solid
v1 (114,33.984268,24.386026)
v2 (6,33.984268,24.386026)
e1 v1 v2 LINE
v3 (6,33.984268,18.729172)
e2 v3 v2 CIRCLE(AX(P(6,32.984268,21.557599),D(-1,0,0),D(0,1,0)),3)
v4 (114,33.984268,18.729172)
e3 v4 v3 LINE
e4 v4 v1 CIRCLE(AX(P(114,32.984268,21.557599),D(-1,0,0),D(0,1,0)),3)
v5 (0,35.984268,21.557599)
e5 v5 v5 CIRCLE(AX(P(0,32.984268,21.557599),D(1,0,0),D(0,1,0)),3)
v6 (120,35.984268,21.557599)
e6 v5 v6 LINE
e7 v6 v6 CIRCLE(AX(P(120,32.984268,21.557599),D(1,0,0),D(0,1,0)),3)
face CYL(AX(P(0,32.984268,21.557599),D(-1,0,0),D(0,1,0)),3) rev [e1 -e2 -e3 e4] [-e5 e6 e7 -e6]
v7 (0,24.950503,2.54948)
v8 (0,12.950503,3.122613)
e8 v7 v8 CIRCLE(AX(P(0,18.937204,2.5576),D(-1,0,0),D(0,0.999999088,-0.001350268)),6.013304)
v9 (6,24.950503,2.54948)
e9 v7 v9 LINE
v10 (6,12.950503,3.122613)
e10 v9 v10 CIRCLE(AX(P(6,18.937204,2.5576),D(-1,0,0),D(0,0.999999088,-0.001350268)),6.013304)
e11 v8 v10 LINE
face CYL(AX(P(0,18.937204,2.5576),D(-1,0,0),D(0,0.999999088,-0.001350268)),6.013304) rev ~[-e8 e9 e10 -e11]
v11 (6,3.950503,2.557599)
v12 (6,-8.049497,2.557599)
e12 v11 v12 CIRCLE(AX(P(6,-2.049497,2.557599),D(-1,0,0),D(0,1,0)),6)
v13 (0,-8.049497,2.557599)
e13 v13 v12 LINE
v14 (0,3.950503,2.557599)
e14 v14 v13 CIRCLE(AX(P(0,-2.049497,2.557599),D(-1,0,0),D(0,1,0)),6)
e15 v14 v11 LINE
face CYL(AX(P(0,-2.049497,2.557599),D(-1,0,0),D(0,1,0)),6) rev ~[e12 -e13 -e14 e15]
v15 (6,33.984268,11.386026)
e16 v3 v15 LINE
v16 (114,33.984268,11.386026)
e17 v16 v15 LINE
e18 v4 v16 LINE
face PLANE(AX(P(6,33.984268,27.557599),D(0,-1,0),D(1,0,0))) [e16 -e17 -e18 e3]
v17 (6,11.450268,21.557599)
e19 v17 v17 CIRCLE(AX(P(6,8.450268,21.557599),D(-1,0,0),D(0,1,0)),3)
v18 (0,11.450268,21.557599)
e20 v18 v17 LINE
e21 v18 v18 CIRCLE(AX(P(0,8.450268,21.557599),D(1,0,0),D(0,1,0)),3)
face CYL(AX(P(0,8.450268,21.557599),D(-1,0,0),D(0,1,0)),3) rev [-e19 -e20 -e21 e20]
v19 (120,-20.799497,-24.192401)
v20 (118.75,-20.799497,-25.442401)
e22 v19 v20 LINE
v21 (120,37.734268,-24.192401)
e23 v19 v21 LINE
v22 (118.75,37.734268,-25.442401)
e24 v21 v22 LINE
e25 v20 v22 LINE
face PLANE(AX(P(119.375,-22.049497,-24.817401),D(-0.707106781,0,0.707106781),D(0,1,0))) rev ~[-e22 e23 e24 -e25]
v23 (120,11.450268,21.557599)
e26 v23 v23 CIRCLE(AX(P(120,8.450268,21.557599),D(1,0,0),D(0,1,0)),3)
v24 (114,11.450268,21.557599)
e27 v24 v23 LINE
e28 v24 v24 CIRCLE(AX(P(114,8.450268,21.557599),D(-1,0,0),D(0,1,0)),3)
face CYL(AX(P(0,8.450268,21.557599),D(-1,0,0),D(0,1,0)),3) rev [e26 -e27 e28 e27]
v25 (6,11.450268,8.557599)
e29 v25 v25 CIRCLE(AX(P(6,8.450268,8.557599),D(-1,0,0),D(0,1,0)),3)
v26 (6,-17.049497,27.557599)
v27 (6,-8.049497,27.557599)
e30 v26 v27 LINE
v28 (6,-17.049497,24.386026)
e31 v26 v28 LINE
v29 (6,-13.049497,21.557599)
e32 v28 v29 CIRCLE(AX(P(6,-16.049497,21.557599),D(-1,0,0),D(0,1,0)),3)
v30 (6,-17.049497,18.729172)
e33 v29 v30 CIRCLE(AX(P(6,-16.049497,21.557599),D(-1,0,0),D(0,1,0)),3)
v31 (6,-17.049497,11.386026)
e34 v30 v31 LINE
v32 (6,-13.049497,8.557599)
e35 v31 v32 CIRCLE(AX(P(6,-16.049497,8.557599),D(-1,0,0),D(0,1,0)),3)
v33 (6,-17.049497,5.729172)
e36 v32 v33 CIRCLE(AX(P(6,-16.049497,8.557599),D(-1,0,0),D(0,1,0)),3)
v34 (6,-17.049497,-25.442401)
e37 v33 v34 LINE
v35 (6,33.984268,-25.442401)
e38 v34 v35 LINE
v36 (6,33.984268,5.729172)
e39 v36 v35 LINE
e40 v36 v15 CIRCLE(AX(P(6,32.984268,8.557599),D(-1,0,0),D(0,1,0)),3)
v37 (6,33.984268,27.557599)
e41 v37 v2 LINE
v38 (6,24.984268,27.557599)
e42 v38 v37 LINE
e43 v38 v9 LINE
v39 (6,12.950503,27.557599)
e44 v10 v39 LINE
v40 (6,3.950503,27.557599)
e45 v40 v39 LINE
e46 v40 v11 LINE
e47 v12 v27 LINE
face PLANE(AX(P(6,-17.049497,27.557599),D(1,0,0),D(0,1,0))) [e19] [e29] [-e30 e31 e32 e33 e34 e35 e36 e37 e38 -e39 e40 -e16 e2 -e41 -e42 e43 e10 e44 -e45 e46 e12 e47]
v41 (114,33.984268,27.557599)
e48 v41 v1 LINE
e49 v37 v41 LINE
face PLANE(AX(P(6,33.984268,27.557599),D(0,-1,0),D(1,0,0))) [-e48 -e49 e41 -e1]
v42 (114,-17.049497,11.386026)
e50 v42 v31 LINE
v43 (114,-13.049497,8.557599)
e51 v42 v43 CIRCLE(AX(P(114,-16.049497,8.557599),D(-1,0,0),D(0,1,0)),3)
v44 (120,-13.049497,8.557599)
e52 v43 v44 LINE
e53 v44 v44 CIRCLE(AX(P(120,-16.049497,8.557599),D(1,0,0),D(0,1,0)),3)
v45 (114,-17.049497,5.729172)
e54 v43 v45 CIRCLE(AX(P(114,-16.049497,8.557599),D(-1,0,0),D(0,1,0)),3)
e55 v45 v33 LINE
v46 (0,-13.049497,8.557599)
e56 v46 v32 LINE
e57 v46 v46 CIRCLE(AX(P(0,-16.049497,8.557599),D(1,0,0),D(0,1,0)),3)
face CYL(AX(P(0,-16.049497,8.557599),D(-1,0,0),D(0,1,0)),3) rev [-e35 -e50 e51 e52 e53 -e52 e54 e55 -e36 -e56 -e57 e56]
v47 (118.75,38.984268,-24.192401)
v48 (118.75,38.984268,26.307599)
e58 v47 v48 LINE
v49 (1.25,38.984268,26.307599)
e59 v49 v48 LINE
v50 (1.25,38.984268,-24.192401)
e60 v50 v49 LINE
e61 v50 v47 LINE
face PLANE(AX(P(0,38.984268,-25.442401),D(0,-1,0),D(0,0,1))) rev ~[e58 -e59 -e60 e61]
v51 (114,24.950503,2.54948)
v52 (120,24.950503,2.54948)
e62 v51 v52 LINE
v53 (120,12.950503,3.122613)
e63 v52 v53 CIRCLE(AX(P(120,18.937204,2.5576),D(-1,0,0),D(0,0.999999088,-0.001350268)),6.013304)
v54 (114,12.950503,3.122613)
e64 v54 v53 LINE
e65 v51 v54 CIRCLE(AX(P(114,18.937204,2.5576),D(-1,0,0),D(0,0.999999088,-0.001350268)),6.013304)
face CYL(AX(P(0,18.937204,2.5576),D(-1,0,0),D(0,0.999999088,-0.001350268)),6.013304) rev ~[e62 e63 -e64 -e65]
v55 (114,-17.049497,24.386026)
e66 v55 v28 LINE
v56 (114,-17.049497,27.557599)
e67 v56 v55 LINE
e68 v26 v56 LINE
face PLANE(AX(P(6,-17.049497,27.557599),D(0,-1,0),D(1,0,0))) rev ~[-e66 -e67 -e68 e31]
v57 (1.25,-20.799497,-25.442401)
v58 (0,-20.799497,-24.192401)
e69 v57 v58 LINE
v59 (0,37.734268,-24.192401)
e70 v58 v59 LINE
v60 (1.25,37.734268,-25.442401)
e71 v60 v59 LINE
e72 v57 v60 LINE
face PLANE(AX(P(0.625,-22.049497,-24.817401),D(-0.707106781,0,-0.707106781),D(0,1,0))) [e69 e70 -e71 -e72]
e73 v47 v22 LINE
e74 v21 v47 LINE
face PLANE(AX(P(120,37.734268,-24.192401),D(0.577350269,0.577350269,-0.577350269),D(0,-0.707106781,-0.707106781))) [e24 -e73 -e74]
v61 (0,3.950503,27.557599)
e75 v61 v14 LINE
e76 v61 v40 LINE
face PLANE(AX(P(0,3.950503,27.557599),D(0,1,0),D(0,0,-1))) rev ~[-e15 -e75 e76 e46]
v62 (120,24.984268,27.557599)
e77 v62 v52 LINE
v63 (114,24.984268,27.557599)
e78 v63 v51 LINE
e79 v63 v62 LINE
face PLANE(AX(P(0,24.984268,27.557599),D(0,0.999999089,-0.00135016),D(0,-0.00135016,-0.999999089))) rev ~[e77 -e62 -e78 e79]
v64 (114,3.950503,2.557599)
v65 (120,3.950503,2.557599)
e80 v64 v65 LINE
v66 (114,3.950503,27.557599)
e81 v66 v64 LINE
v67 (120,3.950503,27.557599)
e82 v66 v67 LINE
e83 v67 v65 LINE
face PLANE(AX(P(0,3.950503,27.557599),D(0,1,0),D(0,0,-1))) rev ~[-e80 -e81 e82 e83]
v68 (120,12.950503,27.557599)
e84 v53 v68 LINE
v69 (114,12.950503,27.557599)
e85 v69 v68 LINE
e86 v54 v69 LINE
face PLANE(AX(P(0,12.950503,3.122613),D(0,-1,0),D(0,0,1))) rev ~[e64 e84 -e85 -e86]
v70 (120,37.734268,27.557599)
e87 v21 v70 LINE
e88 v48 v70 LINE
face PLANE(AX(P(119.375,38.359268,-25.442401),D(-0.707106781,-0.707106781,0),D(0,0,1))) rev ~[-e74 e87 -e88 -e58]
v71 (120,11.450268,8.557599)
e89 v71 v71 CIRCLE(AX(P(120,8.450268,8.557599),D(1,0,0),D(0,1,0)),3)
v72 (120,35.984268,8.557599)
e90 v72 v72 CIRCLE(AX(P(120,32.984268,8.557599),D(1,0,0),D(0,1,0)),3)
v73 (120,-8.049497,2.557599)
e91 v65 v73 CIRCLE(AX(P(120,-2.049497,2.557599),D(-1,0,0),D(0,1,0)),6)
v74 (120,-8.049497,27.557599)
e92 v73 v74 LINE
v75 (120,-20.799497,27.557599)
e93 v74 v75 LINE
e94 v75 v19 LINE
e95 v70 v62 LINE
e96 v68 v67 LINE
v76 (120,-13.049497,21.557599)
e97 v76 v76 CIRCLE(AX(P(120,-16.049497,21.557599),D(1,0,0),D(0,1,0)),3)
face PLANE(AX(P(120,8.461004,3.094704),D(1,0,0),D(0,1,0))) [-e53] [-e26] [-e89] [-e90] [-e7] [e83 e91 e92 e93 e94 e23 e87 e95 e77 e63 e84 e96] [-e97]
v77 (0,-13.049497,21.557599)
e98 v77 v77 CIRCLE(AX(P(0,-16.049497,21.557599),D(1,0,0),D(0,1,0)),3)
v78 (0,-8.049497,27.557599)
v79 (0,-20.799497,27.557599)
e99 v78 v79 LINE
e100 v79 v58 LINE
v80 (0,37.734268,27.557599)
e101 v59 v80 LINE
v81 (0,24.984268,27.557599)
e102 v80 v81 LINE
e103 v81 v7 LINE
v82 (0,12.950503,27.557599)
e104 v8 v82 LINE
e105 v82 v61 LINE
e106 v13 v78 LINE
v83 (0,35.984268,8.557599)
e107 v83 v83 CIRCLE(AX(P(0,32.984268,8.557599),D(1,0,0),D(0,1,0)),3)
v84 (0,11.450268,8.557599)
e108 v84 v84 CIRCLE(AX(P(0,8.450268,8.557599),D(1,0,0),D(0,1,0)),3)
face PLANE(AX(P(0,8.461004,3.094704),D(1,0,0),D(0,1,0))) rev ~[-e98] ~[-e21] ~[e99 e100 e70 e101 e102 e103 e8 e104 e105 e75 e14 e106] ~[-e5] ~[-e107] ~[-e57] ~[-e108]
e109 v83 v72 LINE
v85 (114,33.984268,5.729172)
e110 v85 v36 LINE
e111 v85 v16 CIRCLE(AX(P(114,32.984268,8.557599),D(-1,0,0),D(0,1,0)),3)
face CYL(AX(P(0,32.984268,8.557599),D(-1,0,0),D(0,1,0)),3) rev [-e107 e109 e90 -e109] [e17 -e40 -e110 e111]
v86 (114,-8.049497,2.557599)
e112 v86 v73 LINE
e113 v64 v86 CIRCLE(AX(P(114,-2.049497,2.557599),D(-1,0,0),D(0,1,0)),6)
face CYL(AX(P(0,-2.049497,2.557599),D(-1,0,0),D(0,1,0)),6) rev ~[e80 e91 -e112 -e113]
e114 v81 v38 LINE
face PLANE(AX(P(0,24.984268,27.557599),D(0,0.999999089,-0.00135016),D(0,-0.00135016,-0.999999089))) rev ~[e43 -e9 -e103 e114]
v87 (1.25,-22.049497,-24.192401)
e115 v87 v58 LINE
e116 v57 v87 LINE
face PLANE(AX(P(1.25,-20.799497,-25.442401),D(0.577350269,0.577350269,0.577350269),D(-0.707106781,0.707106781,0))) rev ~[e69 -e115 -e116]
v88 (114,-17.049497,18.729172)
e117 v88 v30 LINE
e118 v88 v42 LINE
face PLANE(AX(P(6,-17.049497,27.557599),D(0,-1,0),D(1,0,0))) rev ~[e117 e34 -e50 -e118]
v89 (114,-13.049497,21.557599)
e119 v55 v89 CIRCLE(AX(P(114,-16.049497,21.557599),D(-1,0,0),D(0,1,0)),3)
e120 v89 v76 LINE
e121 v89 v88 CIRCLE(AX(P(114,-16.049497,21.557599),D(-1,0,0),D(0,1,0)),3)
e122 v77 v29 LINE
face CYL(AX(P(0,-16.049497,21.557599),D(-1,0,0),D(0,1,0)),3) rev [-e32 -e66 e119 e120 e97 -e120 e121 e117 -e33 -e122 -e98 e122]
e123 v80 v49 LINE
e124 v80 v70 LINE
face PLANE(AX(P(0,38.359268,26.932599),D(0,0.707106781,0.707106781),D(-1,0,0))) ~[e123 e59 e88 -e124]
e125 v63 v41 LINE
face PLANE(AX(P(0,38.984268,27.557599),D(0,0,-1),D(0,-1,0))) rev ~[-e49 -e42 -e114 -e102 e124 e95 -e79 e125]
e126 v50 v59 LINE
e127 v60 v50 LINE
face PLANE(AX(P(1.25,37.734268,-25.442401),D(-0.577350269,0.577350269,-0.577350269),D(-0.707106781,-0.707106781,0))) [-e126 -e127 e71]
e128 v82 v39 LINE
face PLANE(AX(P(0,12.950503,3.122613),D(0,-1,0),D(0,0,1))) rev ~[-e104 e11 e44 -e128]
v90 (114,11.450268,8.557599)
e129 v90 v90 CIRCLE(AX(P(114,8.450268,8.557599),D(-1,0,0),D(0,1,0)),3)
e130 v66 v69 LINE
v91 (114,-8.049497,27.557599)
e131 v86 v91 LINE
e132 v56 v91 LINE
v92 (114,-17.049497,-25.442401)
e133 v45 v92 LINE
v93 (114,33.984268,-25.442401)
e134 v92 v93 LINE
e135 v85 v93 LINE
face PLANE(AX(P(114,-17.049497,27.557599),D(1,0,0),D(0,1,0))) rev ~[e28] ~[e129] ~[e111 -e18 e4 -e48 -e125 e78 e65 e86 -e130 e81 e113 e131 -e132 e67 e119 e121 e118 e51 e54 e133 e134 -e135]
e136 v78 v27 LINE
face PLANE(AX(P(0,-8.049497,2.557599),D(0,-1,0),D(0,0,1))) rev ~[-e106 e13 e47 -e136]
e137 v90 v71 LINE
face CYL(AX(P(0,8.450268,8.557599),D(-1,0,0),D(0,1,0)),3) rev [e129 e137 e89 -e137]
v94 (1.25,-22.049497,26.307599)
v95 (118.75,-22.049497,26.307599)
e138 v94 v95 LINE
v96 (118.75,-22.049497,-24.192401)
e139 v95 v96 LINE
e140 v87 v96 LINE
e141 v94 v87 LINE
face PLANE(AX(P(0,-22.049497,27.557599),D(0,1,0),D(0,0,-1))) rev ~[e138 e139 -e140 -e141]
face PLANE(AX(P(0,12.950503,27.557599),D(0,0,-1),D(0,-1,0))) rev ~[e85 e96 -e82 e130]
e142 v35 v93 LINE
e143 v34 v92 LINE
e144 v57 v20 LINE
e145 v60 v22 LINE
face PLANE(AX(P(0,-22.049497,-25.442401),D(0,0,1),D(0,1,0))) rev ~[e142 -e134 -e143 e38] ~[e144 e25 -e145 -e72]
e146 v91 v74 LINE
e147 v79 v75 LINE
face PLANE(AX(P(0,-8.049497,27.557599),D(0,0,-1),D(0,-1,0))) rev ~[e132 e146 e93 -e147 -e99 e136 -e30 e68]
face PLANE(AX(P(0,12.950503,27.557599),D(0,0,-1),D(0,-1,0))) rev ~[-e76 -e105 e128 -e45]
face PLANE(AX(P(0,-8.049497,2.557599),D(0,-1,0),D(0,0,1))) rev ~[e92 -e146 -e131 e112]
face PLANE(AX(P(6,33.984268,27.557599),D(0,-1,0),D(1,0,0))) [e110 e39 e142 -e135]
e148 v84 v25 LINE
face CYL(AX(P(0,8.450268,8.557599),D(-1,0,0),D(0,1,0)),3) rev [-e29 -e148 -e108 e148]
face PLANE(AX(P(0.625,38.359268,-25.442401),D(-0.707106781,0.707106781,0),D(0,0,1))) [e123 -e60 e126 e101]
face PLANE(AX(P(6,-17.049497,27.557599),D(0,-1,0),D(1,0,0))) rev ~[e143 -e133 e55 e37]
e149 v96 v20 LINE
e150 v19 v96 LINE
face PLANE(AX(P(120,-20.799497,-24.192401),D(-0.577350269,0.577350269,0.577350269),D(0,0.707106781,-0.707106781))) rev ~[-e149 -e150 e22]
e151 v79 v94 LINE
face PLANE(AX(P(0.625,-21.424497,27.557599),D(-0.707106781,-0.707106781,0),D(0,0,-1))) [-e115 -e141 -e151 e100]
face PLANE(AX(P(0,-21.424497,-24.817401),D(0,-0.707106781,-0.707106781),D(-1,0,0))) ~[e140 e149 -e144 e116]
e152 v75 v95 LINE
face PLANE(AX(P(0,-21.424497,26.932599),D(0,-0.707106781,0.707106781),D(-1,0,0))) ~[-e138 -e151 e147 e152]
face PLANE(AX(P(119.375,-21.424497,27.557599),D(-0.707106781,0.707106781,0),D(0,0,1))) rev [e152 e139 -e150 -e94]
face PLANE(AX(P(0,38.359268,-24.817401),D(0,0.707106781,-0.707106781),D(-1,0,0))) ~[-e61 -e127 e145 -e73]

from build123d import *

# Parameters (mm, degrees)
F0_R     = 3
F1_DEPTH = 120
F2_W     = 108
F2_H     = 51.033765
F3_DEPTH = 80
F4_SIZE  = 1.25


with BuildPart() as f1:
    # F0 (on Right) → F1 (new body)
    with BuildSketch(Plane.YZ):
        with BuildLine():
            Line((-8.049497, 27.557599), (-22.049497, 27.557599))
            Line((-22.049497, 27.557599), (-22.049497, -25.442401))
            Line((-22.049497, -25.442401), (38.984268, -25.442401))
            Line((38.984268, -25.442401), (38.984268, 27.557599))
            Line((38.984268, 27.557599), (24.984268, 27.557599))
            Line((24.984268, 27.557599), (24.950503, 2.54948))
            ThreePointArc((24.950503, 2.54948), (18.650329, -3.448858), (12.950503, 3.122613))
            Line((12.950503, 3.122613), (12.950503, 27.557599))
            Line((12.950503, 27.557599), (3.950503, 27.557599))
            Line((3.950503, 27.557599), (3.950503, 2.557599))
            ThreePointArc((3.950503, 2.557599), (-2.049497, -3.442401), (-8.049497, 2.557599))
            Line((-8.049497, 2.557599), (-8.049497, 27.557599))
        make_face()
        with Locations((-16.049497, 8.557599)):
            Circle(F0_R, mode=Mode.SUBTRACT)
        with Locations((8.450268, 8.557599)):
            Circle(F0_R, mode=Mode.SUBTRACT)
        with Locations((-16.049497, 21.557599)):
            Circle(F0_R, mode=Mode.SUBTRACT)
        with Locations((8.450268, 21.557599)):
            Circle(F0_R, mode=Mode.SUBTRACT)
        with Locations((32.984268, 8.557599)):
            Circle(F0_R, mode=Mode.SUBTRACT)
        with Locations((32.984268, 21.557599)):
            Circle(F0_R, mode=Mode.SUBTRACT)
    extrude(amount=F1_DEPTH)

    # F2 (on face) → F3 (cut)
    with BuildSketch(Plane.XY.offset(27.557599)):
        with Locations((60, 8.467386)):
            Rectangle(F2_W, F2_H)
    extrude(amount=-F3_DEPTH, mode=Mode.SUBTRACT)

    # F4
    f4_edges = [f1.edges().sort_by_distance(p)[0] for p in [
        (0, 38.984268, 1.057599),
        (0, -22.049497, 1.057599),
        (60, -22.049497, 27.557599),
        (60, -22.049497, -25.442401),
        (120, -22.049497, 1.057599),
        (60, 38.984268, -25.442401),
        (60, 38.984268, 27.557599),
        (120, 38.984268, 1.057599),
        (120, 8.467386, -25.442401),
        (0, 8.467386, -25.442401),
    ]]
    chamfer(f4_edges, length=F4_SIZE)


solid = f1.part
